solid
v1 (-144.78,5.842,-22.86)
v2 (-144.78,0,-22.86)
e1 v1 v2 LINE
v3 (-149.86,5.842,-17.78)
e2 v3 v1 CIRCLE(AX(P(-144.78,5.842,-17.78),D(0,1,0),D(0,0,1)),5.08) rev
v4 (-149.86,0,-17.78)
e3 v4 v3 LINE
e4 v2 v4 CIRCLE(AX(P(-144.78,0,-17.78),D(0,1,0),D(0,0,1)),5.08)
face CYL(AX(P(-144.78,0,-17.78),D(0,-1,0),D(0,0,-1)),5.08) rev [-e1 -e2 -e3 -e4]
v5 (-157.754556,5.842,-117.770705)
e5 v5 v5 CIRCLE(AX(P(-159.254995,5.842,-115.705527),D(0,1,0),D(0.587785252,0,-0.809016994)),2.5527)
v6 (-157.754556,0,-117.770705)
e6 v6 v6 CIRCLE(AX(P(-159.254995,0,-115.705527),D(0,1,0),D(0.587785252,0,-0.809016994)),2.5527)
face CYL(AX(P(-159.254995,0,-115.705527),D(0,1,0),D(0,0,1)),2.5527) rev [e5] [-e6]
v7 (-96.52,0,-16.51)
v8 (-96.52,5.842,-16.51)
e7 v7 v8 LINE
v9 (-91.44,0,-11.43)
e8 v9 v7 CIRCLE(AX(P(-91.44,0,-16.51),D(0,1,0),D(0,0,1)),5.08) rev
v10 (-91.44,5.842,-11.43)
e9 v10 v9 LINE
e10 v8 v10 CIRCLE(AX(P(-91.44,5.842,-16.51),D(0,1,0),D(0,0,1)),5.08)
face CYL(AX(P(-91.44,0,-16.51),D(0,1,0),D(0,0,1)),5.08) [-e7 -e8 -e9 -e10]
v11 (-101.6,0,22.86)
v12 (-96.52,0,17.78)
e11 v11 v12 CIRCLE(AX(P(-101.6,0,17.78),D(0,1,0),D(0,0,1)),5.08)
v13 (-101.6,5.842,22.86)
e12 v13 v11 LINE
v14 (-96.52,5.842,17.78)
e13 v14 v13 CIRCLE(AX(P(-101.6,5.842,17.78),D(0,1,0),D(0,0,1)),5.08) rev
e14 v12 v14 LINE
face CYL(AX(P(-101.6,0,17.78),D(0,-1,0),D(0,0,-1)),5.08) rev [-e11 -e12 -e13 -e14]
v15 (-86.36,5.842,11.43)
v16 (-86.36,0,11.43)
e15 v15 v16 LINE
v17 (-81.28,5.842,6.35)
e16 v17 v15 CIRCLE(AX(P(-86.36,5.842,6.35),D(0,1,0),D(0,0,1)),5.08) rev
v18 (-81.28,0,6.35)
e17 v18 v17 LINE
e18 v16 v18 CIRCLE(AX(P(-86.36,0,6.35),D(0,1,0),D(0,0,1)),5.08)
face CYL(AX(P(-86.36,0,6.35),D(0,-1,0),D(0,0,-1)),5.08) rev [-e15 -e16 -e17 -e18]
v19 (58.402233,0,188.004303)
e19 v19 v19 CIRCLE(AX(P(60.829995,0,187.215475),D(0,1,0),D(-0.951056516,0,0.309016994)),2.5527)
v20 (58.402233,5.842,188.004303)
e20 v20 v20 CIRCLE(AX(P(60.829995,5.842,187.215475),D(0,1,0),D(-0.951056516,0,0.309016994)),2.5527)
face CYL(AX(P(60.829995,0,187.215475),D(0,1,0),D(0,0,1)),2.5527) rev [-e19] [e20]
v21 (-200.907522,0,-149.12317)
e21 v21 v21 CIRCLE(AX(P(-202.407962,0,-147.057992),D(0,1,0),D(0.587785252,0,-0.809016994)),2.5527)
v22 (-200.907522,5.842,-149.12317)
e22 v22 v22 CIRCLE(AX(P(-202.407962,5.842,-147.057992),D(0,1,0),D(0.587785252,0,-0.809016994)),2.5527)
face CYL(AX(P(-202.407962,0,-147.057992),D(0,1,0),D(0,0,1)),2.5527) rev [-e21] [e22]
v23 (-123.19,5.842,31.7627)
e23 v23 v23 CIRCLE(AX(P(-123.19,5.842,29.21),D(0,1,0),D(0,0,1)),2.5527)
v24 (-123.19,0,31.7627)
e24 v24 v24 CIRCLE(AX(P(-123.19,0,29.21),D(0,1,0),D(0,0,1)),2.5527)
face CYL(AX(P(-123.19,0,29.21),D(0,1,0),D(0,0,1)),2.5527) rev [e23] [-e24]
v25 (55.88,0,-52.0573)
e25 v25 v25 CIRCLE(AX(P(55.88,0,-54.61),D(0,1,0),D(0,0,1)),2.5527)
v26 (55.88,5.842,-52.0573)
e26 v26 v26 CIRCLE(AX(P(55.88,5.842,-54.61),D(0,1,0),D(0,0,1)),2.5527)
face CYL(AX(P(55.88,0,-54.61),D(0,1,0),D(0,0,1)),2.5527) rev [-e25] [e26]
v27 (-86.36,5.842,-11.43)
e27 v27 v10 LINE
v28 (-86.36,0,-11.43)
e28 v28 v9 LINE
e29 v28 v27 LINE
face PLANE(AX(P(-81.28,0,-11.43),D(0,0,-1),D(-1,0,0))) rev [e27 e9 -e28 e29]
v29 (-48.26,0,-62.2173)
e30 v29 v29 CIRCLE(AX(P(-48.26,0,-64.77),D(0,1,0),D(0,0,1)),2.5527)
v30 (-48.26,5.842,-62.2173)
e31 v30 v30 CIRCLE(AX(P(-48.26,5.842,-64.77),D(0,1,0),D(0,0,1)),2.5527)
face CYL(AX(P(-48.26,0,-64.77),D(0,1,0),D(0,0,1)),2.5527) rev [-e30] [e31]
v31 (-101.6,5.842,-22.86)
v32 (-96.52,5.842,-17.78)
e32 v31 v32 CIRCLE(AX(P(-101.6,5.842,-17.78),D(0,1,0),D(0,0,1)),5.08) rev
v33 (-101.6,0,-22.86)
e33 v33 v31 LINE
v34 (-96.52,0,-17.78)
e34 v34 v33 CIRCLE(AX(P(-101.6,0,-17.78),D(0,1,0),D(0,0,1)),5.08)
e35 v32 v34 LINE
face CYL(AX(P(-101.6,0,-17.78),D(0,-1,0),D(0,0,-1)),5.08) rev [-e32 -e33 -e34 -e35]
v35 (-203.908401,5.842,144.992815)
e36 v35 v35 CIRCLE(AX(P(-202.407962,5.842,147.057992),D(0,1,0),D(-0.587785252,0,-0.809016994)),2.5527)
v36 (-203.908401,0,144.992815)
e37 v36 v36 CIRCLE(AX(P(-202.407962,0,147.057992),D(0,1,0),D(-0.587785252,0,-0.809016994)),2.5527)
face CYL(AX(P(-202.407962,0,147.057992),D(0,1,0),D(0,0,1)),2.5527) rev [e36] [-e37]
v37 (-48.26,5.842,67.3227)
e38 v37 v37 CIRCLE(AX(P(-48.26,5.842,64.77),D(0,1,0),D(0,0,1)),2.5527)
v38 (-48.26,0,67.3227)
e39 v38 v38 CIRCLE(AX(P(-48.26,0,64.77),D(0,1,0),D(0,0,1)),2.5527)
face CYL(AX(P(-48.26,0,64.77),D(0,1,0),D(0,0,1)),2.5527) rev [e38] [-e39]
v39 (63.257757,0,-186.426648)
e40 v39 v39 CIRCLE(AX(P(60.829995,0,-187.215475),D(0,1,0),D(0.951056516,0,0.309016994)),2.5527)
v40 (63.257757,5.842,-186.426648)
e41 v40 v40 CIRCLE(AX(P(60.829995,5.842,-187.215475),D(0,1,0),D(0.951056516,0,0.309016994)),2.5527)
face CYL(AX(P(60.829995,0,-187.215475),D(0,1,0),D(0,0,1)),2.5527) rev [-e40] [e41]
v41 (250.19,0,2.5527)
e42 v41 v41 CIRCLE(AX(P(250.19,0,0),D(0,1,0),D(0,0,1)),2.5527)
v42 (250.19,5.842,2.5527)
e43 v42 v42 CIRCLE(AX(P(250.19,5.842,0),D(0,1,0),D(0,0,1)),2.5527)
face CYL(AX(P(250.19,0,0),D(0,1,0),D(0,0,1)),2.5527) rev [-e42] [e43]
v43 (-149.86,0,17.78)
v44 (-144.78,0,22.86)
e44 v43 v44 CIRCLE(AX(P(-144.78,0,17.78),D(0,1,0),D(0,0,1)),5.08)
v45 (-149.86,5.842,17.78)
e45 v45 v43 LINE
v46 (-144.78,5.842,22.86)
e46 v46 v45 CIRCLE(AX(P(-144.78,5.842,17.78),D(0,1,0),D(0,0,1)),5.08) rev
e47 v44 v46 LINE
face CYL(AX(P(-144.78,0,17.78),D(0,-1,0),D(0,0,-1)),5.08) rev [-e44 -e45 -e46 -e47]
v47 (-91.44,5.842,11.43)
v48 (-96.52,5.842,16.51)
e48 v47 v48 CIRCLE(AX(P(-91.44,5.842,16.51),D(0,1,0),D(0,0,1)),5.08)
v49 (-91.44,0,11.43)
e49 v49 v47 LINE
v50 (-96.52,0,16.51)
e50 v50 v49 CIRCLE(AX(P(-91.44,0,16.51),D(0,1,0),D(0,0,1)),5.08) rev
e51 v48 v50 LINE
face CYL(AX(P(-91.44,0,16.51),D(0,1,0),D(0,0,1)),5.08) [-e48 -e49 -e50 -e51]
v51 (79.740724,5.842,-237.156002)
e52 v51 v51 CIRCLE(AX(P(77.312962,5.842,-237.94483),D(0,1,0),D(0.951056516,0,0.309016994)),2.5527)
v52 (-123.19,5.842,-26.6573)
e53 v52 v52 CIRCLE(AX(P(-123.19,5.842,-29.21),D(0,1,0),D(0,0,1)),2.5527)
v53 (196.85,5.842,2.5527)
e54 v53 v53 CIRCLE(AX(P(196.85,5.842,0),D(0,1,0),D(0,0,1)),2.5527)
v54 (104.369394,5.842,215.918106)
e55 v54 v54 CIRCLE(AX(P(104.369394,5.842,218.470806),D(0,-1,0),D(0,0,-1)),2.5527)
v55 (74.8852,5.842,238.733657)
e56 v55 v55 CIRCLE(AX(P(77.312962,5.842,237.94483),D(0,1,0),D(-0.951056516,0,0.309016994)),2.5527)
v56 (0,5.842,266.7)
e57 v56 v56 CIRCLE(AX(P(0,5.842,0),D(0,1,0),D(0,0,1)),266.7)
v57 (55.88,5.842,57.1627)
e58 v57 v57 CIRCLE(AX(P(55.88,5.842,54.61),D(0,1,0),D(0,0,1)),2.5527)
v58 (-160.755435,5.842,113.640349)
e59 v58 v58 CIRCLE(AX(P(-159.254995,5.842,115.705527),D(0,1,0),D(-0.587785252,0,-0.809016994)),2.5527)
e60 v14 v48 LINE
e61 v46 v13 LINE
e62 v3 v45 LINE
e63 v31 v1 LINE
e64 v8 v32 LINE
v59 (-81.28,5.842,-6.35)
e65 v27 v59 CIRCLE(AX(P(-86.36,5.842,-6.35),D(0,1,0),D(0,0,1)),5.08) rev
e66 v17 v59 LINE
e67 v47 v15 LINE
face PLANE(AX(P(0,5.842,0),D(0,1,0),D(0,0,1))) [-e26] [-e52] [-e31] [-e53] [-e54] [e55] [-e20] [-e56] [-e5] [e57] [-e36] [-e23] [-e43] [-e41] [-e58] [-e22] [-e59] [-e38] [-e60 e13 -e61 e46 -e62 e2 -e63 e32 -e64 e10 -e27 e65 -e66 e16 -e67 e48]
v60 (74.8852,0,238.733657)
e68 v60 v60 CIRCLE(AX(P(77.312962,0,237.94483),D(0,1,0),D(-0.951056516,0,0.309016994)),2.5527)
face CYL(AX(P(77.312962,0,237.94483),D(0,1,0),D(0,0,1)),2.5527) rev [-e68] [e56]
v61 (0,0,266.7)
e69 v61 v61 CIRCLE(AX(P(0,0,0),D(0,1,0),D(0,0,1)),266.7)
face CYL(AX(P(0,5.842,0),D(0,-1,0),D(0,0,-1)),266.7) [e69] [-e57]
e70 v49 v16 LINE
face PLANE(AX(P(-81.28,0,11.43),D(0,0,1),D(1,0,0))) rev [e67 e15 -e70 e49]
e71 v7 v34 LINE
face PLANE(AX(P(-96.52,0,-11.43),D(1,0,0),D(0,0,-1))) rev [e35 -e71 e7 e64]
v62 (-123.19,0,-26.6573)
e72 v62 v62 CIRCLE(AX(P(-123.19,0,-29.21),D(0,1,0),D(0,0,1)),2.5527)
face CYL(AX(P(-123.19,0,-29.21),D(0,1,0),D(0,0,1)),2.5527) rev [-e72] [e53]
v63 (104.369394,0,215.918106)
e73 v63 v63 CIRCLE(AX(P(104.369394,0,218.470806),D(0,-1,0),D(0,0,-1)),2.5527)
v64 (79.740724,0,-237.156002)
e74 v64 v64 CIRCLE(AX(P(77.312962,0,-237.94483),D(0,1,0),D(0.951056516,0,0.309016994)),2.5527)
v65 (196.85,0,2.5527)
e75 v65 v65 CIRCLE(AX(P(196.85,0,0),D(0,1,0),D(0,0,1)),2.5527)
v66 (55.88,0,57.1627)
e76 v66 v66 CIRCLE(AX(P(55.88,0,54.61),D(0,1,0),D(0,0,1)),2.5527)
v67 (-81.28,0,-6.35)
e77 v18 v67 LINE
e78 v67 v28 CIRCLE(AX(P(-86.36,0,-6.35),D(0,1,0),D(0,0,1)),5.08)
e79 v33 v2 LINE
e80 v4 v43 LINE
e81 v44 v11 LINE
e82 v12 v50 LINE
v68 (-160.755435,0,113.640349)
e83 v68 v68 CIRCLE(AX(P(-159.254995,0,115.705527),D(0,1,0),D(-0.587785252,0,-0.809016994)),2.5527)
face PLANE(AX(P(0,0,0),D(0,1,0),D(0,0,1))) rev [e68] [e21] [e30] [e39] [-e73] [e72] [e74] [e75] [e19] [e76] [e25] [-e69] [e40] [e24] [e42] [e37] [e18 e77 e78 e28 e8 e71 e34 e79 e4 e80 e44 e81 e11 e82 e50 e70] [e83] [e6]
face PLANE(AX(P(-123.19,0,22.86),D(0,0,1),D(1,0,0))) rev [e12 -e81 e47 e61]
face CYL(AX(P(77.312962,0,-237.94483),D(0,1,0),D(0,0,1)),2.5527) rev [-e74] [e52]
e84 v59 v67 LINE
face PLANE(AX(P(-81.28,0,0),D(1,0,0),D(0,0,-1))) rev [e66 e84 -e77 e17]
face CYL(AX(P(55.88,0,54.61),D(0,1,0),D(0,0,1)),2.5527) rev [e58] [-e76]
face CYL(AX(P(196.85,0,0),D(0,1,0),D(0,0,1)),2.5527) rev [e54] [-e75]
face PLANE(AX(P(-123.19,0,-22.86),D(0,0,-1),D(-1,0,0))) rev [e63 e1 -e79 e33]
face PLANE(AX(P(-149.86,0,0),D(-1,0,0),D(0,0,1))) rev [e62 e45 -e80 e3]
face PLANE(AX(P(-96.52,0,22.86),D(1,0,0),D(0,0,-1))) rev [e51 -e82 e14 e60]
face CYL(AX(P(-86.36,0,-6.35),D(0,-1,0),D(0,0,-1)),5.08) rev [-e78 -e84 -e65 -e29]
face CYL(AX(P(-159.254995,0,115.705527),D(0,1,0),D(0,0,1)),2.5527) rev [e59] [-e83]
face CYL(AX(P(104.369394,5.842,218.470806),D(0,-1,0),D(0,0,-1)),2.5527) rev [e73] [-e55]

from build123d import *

# Parameters (mm, degrees)
SKETCH1_R                       = 266.7
BOSS_EXTRUDE1_DEPTH             = 5.842
SKETCH2_R                       = 2.5527
HOLES_MOUNTINGPOLARMECH_DEPTH   = 378.215997757
CUTOUT_STEPPERMOTORRELIEF_DEPTH = 378.215997757
FILLET_STEPPERMOTORRELIEF_R     = 5.08
SKETCH4_R                       = 2.5527
HOLES_FEET_DEPTH                = 378.215997757
CIRPATTERN_FEET_COUNT           = 5
SKETCH5_R                       = 2.5527
CUT_EXTRUDE1_DEPTH              = 378.215997757


with BuildPart() as part:
    # Sketch1 → Boss-Extrude1 (new body)
    with BuildSketch(Plane(origin=(0, 0, 0), x_dir=(1, 0, 0), z_dir=(0, 1, 0))):
        Circle(SKETCH1_R)
    extrude(amount=BOSS_EXTRUDE1_DEPTH)

    # Sketch2 → Holes-MountingPolarMech (cut, through all)
    with BuildSketch(Plane(origin=(0, 5.842, 0), x_dir=(1, 0, 0), z_dir=(0, 1, 0))):
        with Locations((55.88, 54.61)):
            Circle(SKETCH2_R)
        with Locations((-48.26, 64.77)):
            Circle(SKETCH2_R)
        with Locations((-48.26, -64.77)):
            Circle(SKETCH2_R)
        with Locations((55.88, -54.61)):
            Circle(SKETCH2_R)
        with Locations((-123.19, 29.21)):
            Circle(SKETCH2_R)
        with Locations((-123.19, -29.21)):
            Circle(SKETCH2_R)
    extrude(amount=-HOLES_MOUNTINGPOLARMECH_DEPTH, mode=Mode.SUBTRACT)

    # Sketch3 → Cutout-StepperMotorRelief (cut, through all)
    with BuildSketch(Plane(origin=(0, 5.842, 0), x_dir=(1, 0, 0), z_dir=(0, 1, 0))):
        Polygon((-123.19, 22.86), (-149.86, 22.86), (-149.86, 0), (-149.86, -22.86), (-123.19, -22.86), (-96.52, -22.86), (-96.52, -11.43), (-81.28, -11.43), (-81.28, 0), (-81.28, 11.43), (-96.52, 11.43), (-96.52, 22.86), align=None)
    extrude(amount=-CUTOUT_STEPPERMOTORRELIEF_DEPTH, mode=Mode.SUBTRACT)

    # Fillet-StepperMotorRelief
    fillet_steppermotorrelief_edges = [part.edges().sort_by_distance(p)[0] for p in [
        (-149.86, 2.921, -22.86),
        (-149.86, 2.921, 22.86),
        (-96.52, 2.921, -22.86),
        (-96.52, 2.921, -11.43),
        (-81.28, 2.921, -11.43),
        (-96.52, 2.921, 11.43),
        (-81.28, 2.921, 11.43),
        (-96.52, 2.921, 22.86),
    ]]
    fillet(fillet_steppermotorrelief_edges, radius=FILLET_STEPPERMOTORRELIEF_R)

    # Sketch4 → Holes-Feet (cut, through all)
    with BuildSketch(Plane(origin=(0, 5.842, 0), x_dir=(1, 0, 0), z_dir=(0, 1, 0))):
        with Locations((250.19, 0)):
            Circle(SKETCH4_R)
        with Locations((196.85, 0)):
            Circle(SKETCH4_R)
    holes_feet = extrude(amount=-HOLES_FEET_DEPTH, mode=Mode.SUBTRACT)

    # CirPattern-Feet: Holes-Feet ×5 about axis
    cirpattern_feet_axis = Axis((0, 6.1341, 0), (0, -1, 0))
    for i in range(1, CIRPATTERN_FEET_COUNT):
        add(holes_feet.rotate(cirpattern_feet_axis, i * 360 / CIRPATTERN_FEET_COUNT), mode=Mode.SUBTRACT)

    # Sketch5 → Cut-Extrude1 (cut, through all)
    with BuildSketch(Plane.XZ):
        with Locations((104.369393552, 218.470806035)):
            Circle(SKETCH5_R)
    extrude(amount=-CUT_EXTRUDE1_DEPTH, mode=Mode.SUBTRACT)


solid = part.part
